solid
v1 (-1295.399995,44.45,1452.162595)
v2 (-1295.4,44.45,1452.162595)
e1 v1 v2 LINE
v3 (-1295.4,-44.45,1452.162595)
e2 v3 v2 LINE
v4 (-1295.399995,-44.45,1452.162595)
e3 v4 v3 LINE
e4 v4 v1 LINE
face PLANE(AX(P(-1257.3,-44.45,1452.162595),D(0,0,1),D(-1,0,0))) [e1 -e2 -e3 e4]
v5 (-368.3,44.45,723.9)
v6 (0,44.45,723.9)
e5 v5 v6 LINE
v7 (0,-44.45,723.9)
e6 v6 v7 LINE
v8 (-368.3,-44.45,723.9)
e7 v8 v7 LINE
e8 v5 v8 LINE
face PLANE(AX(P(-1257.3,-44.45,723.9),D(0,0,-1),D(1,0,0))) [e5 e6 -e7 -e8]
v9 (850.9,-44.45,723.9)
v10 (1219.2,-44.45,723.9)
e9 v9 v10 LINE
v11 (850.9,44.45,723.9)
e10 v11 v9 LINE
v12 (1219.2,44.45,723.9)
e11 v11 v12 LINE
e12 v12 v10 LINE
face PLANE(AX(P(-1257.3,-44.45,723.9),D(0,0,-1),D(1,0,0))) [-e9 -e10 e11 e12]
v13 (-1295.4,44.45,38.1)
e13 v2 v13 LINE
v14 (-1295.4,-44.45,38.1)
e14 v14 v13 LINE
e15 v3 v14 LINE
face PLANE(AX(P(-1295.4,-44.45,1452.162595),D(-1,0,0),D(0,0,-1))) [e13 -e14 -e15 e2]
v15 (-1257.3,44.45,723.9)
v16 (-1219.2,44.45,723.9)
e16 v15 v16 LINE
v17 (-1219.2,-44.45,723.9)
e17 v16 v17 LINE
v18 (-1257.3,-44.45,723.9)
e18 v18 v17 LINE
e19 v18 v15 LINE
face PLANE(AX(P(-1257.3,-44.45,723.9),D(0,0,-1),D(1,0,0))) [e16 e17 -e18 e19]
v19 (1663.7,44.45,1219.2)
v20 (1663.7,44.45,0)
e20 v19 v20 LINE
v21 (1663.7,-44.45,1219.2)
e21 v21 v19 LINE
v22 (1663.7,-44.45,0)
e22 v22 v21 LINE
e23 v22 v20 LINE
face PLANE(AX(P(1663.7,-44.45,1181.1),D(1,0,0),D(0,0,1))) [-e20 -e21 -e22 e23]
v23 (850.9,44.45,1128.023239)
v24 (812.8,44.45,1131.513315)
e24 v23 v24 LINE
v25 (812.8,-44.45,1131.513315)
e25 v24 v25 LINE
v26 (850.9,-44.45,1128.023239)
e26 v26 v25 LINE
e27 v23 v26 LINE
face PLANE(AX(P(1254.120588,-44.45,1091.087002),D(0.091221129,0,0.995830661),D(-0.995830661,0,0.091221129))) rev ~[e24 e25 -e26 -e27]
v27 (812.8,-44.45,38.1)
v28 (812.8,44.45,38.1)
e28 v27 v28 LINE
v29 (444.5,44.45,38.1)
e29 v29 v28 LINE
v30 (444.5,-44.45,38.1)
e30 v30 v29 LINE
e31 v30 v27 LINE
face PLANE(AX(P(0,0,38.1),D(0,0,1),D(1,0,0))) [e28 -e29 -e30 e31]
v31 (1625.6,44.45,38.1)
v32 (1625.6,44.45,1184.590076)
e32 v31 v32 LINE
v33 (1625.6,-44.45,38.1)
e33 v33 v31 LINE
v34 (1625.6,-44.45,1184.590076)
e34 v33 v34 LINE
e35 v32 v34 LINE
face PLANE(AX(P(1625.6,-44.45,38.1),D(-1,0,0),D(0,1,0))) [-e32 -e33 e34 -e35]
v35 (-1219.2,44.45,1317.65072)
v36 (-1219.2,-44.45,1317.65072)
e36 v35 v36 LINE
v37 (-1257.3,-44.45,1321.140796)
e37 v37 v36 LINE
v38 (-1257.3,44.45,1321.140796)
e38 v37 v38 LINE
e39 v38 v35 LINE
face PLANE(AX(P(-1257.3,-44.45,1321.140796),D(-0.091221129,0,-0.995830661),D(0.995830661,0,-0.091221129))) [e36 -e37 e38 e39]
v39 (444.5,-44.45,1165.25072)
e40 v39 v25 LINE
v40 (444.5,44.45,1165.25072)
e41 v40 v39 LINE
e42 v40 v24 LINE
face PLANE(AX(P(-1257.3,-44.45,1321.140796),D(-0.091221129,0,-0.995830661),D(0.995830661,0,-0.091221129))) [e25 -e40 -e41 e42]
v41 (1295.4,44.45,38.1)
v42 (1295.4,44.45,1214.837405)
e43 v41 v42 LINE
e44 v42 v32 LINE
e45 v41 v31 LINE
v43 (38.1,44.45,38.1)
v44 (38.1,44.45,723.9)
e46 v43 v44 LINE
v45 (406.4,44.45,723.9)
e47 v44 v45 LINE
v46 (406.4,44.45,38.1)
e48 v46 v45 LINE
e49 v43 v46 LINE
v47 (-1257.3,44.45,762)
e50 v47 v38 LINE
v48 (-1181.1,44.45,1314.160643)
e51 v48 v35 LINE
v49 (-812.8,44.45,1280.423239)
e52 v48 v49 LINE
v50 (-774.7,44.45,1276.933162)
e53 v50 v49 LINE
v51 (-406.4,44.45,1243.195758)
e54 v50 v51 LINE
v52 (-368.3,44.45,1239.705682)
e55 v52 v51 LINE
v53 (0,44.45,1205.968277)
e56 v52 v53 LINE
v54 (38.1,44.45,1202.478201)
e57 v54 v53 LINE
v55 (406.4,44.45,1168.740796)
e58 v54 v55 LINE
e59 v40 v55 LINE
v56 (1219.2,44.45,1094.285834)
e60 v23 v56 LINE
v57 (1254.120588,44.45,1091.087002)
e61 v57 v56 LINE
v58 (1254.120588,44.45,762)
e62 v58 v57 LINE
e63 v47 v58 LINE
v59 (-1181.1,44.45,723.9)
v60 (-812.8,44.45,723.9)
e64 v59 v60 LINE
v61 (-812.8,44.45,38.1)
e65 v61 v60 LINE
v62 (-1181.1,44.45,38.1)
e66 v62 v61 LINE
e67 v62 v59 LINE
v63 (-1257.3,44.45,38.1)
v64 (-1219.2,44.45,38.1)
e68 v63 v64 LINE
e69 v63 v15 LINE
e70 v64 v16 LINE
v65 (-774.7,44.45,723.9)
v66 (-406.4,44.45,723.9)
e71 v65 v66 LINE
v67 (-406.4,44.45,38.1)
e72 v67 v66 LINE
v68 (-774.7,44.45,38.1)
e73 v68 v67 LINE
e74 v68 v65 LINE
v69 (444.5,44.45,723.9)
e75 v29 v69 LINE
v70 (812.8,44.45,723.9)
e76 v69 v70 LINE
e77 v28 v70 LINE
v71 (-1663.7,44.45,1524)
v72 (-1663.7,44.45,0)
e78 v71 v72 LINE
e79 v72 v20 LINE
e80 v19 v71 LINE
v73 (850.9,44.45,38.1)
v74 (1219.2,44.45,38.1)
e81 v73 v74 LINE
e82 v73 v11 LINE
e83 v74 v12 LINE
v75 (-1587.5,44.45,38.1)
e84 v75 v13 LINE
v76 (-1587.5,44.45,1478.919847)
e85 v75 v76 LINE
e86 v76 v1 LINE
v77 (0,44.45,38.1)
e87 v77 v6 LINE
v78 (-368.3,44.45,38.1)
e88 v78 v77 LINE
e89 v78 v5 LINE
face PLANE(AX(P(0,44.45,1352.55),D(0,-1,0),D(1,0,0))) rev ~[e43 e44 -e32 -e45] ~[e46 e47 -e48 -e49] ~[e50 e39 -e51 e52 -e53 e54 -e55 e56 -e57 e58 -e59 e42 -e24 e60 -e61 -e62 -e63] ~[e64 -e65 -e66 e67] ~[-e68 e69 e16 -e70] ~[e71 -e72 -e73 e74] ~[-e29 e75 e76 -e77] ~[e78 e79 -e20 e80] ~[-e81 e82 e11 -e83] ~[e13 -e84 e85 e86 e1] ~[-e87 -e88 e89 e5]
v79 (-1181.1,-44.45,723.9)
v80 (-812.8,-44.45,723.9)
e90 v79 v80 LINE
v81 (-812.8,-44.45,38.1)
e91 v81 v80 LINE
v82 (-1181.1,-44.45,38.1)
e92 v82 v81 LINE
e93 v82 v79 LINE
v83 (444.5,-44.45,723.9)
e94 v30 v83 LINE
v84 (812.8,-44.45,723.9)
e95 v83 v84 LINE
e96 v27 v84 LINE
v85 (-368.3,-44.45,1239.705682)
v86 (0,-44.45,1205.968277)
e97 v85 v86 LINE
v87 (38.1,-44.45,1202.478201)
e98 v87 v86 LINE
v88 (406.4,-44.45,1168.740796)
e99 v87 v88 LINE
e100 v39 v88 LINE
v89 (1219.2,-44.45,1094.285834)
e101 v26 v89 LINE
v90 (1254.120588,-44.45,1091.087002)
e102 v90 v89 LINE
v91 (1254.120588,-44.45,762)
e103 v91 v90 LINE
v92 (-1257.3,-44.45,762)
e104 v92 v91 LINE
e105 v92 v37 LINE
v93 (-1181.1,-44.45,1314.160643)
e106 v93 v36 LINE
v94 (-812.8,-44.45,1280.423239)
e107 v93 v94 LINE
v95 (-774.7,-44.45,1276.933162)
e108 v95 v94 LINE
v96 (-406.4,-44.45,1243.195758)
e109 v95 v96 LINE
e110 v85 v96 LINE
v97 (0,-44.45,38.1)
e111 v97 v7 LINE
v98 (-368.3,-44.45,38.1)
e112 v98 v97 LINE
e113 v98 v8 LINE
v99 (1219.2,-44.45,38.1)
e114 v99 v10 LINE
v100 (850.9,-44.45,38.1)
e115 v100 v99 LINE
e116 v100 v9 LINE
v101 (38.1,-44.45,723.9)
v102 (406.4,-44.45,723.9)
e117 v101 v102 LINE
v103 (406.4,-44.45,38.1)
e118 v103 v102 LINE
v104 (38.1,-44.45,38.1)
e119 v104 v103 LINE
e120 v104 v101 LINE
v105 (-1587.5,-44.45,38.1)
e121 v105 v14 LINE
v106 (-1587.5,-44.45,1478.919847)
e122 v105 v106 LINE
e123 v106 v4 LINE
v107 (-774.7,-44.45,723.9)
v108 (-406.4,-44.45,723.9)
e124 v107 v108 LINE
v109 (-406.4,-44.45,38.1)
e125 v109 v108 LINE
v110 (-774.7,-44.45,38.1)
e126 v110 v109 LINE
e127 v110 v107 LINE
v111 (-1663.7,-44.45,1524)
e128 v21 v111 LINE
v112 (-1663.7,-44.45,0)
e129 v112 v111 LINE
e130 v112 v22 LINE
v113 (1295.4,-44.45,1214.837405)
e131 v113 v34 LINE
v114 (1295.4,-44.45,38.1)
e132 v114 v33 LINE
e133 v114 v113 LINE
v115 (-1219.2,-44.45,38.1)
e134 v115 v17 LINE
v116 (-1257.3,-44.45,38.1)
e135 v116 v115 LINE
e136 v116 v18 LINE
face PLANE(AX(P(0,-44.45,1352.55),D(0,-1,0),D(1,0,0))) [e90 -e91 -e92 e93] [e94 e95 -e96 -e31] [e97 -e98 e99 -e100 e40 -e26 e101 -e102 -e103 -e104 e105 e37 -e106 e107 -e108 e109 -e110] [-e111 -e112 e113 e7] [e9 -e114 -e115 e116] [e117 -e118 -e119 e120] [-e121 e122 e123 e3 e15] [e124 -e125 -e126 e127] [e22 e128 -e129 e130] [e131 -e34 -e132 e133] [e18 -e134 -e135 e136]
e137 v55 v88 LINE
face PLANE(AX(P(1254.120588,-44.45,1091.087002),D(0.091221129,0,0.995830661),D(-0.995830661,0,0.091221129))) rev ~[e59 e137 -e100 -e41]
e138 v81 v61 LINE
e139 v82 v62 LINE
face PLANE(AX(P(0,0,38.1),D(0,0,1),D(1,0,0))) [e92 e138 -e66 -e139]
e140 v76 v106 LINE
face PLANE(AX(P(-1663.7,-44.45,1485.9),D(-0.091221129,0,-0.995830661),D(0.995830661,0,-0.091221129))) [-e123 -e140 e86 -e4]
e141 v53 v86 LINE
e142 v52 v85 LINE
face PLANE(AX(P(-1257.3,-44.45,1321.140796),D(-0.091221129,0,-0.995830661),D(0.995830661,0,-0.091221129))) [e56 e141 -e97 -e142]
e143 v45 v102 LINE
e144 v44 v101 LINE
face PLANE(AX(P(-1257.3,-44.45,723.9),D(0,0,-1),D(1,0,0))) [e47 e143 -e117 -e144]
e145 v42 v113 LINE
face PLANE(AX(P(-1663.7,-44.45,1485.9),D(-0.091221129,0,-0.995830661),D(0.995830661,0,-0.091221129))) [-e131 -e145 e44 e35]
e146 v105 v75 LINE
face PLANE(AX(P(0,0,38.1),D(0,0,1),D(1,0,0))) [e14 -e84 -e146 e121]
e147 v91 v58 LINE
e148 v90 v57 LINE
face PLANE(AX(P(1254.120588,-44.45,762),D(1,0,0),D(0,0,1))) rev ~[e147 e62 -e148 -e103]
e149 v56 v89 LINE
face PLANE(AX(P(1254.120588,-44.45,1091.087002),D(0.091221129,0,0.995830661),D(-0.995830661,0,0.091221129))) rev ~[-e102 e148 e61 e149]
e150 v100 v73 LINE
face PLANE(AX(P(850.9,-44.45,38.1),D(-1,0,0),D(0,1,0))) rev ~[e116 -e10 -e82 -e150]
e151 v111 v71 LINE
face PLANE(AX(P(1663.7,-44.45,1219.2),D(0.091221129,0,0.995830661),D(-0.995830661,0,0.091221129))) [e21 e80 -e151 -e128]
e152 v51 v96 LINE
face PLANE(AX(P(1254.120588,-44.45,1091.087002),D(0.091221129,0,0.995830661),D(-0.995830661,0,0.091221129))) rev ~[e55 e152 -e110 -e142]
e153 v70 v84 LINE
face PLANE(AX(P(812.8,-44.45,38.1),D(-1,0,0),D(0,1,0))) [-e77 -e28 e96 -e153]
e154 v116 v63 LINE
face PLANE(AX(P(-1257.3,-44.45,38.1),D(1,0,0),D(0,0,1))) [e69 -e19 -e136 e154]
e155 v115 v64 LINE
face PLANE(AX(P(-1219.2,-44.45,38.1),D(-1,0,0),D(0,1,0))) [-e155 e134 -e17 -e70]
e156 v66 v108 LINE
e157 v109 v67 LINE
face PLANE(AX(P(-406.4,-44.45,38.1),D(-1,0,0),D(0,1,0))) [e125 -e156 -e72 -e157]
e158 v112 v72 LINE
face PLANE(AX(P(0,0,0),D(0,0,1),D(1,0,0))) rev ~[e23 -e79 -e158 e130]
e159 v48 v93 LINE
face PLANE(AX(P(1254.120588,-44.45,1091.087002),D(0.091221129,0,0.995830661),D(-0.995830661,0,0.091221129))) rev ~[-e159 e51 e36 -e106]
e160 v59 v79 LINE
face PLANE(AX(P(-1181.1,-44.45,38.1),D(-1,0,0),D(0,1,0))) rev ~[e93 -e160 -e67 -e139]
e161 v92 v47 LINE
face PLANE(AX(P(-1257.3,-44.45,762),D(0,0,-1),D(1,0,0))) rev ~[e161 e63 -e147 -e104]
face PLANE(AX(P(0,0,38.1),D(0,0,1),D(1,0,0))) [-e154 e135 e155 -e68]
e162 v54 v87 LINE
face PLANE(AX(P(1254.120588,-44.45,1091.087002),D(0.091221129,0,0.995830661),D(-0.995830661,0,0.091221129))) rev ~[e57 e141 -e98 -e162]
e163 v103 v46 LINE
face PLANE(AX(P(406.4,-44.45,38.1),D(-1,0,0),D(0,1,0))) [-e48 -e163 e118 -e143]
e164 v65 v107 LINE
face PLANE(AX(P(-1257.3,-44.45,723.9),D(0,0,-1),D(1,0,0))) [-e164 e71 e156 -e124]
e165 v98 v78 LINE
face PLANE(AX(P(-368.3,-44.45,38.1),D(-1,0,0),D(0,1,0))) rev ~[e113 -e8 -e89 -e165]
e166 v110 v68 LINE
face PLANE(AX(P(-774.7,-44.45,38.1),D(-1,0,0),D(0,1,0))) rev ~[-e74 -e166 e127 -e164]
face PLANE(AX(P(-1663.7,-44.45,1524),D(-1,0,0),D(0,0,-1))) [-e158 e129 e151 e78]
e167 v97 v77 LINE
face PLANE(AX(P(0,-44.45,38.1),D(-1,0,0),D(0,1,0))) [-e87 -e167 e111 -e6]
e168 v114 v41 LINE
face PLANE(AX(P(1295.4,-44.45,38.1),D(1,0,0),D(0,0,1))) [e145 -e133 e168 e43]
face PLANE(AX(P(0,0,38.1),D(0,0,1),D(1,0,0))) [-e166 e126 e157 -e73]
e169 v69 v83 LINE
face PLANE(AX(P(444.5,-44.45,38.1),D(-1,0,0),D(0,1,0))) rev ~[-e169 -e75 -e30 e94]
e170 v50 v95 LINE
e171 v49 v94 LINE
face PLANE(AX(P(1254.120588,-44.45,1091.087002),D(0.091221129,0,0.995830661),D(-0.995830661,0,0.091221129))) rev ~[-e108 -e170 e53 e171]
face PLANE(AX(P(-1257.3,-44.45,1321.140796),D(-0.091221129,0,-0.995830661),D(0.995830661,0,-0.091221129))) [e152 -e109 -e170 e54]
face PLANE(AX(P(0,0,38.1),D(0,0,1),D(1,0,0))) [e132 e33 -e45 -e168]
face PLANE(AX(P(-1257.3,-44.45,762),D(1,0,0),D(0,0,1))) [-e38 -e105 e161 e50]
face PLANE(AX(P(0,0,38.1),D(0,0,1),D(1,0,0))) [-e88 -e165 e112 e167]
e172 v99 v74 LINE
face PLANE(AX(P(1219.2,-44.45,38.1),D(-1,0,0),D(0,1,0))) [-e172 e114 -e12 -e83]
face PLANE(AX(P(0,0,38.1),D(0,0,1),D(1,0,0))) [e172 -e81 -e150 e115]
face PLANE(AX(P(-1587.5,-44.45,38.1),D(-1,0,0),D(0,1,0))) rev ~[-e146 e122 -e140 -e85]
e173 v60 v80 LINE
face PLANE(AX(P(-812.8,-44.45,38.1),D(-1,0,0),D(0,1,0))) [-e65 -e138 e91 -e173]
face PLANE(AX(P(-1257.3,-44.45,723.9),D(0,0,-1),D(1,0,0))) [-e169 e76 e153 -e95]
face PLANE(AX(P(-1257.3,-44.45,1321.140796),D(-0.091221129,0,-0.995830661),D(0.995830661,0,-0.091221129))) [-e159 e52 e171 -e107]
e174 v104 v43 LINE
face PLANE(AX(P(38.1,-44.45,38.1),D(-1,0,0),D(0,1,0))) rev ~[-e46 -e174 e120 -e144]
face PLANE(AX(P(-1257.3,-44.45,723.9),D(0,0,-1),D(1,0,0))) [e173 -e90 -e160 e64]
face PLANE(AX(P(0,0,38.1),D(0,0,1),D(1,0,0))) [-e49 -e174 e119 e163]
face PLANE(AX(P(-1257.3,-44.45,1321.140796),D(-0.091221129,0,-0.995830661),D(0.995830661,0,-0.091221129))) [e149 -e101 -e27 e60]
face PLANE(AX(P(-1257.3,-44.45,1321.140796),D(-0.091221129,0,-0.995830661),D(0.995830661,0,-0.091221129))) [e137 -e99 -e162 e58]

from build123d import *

# Parameters (mm, degrees)
F0_W      = 3327.4
F0_H      = 88.9
F1_DEPTH  = 38.1
F2_W      = 38.1
F2_H      = 88.9
F3_DEPTH  = 1524
F5_DEPTH  = 431.8
F7_DEPTH  = 88.9
F8_W      = 2514.6
F8_H      = 38.1
F9_DEPTH  = 88.9
F11_DEPTH = 330.2


with BuildPart() as f1:
    # F0 (on Top) → F1 (new body)
    with BuildSketch(Plane.XY):
        Rectangle(F0_W, F0_H)
    extrude(amount=F1_DEPTH)

    # F2 (on face) → F3 (join)
    with BuildSketch(Plane.XY.offset(38.1)):
        with Locations((1644.65, 0)):
            Rectangle(F2_W, F2_H)
        with Locations((1238.25, 0)):
            Rectangle(F2_W, F2_H)
        with Locations((831.85, 0)):
            Rectangle(F2_W, F2_H)
        with Locations((425.45, 0)):
            Rectangle(F2_W, F2_H)
        with Locations((19.05, 0)):
            Rectangle(F2_W, F2_H)
        with Locations((-387.35, 0)):
            Rectangle(F2_W, F2_H)
        with Locations((-793.75, 0)):
            Rectangle(F2_W, F2_H)
        with Locations((-1200.15, 0)):
            Rectangle(F2_W, F2_H)
        with Locations((-1644.65, 0)):
            Rectangle(F2_W, F2_H)
        with Locations((-1606.55, 0)):
            Rectangle(F2_W, F2_H)
    extrude(amount=F3_DEPTH)

    # F4 (on face) → F5 (cut)
    with BuildSketch(Plane.XZ.offset(44.45)):
        Polygon((-1823.165178, 1997.775987), (-1663.7, 1485.9), (1663.7, 1181.1), (1733.675979, 1945.004437), align=None)
    extrude(amount=-F5_DEPTH, mode=Mode.SUBTRACT)

    # F6 (on face) → F7 (join)
    with BuildSketch(Plane.XZ.offset(44.45)):
        Polygon((-1663.7, 1524), (-1663.7, 1485.9), (1663.7, 1181.1), (1663.7, 1219.2), align=None)
    extrude(amount=-F7_DEPTH)

    # F8 (on face) → F9 (join)
    with BuildSketch(Plane.XZ.offset(44.45)):
        Polygon((-1257.3, 723.9), (-1257.3, 762), (-1257.3, 1321.140796), (-1257.3, 1452.162595), (-1295.4, 1452.162595), (-1295.4, 38.1), (-1257.3, 38.1), align=None)
        with Locations((0, 742.95)):
            Rectangle(F8_W, F8_H)
        Polygon((1257.3, 1090.795758), (1257.3, 762), (1257.3, 723.9), (1257.3, 38.1), (1295.4, 38.1), (1295.4, 1218.327481), (1257.3, 1218.327481), align=None)
        Polygon((-1257.3, 1452.162595), (-1257.3, 1321.140796), (1257.3, 1090.795758), (1257.3, 1218.327481), align=None)
    extrude(amount=-F9_DEPTH)

    # F10 (on face) → F11 (cut)
    with BuildSketch(Plane.XZ.offset(44.45)):
        Polygon((-1257.3, 1321.140796), (-1257.3, 762), (1254.120588, 762), (1254.120588, 1091.087002), align=None)
    extrude(amount=-F11_DEPTH, mode=Mode.SUBTRACT)


solid = f1.part
